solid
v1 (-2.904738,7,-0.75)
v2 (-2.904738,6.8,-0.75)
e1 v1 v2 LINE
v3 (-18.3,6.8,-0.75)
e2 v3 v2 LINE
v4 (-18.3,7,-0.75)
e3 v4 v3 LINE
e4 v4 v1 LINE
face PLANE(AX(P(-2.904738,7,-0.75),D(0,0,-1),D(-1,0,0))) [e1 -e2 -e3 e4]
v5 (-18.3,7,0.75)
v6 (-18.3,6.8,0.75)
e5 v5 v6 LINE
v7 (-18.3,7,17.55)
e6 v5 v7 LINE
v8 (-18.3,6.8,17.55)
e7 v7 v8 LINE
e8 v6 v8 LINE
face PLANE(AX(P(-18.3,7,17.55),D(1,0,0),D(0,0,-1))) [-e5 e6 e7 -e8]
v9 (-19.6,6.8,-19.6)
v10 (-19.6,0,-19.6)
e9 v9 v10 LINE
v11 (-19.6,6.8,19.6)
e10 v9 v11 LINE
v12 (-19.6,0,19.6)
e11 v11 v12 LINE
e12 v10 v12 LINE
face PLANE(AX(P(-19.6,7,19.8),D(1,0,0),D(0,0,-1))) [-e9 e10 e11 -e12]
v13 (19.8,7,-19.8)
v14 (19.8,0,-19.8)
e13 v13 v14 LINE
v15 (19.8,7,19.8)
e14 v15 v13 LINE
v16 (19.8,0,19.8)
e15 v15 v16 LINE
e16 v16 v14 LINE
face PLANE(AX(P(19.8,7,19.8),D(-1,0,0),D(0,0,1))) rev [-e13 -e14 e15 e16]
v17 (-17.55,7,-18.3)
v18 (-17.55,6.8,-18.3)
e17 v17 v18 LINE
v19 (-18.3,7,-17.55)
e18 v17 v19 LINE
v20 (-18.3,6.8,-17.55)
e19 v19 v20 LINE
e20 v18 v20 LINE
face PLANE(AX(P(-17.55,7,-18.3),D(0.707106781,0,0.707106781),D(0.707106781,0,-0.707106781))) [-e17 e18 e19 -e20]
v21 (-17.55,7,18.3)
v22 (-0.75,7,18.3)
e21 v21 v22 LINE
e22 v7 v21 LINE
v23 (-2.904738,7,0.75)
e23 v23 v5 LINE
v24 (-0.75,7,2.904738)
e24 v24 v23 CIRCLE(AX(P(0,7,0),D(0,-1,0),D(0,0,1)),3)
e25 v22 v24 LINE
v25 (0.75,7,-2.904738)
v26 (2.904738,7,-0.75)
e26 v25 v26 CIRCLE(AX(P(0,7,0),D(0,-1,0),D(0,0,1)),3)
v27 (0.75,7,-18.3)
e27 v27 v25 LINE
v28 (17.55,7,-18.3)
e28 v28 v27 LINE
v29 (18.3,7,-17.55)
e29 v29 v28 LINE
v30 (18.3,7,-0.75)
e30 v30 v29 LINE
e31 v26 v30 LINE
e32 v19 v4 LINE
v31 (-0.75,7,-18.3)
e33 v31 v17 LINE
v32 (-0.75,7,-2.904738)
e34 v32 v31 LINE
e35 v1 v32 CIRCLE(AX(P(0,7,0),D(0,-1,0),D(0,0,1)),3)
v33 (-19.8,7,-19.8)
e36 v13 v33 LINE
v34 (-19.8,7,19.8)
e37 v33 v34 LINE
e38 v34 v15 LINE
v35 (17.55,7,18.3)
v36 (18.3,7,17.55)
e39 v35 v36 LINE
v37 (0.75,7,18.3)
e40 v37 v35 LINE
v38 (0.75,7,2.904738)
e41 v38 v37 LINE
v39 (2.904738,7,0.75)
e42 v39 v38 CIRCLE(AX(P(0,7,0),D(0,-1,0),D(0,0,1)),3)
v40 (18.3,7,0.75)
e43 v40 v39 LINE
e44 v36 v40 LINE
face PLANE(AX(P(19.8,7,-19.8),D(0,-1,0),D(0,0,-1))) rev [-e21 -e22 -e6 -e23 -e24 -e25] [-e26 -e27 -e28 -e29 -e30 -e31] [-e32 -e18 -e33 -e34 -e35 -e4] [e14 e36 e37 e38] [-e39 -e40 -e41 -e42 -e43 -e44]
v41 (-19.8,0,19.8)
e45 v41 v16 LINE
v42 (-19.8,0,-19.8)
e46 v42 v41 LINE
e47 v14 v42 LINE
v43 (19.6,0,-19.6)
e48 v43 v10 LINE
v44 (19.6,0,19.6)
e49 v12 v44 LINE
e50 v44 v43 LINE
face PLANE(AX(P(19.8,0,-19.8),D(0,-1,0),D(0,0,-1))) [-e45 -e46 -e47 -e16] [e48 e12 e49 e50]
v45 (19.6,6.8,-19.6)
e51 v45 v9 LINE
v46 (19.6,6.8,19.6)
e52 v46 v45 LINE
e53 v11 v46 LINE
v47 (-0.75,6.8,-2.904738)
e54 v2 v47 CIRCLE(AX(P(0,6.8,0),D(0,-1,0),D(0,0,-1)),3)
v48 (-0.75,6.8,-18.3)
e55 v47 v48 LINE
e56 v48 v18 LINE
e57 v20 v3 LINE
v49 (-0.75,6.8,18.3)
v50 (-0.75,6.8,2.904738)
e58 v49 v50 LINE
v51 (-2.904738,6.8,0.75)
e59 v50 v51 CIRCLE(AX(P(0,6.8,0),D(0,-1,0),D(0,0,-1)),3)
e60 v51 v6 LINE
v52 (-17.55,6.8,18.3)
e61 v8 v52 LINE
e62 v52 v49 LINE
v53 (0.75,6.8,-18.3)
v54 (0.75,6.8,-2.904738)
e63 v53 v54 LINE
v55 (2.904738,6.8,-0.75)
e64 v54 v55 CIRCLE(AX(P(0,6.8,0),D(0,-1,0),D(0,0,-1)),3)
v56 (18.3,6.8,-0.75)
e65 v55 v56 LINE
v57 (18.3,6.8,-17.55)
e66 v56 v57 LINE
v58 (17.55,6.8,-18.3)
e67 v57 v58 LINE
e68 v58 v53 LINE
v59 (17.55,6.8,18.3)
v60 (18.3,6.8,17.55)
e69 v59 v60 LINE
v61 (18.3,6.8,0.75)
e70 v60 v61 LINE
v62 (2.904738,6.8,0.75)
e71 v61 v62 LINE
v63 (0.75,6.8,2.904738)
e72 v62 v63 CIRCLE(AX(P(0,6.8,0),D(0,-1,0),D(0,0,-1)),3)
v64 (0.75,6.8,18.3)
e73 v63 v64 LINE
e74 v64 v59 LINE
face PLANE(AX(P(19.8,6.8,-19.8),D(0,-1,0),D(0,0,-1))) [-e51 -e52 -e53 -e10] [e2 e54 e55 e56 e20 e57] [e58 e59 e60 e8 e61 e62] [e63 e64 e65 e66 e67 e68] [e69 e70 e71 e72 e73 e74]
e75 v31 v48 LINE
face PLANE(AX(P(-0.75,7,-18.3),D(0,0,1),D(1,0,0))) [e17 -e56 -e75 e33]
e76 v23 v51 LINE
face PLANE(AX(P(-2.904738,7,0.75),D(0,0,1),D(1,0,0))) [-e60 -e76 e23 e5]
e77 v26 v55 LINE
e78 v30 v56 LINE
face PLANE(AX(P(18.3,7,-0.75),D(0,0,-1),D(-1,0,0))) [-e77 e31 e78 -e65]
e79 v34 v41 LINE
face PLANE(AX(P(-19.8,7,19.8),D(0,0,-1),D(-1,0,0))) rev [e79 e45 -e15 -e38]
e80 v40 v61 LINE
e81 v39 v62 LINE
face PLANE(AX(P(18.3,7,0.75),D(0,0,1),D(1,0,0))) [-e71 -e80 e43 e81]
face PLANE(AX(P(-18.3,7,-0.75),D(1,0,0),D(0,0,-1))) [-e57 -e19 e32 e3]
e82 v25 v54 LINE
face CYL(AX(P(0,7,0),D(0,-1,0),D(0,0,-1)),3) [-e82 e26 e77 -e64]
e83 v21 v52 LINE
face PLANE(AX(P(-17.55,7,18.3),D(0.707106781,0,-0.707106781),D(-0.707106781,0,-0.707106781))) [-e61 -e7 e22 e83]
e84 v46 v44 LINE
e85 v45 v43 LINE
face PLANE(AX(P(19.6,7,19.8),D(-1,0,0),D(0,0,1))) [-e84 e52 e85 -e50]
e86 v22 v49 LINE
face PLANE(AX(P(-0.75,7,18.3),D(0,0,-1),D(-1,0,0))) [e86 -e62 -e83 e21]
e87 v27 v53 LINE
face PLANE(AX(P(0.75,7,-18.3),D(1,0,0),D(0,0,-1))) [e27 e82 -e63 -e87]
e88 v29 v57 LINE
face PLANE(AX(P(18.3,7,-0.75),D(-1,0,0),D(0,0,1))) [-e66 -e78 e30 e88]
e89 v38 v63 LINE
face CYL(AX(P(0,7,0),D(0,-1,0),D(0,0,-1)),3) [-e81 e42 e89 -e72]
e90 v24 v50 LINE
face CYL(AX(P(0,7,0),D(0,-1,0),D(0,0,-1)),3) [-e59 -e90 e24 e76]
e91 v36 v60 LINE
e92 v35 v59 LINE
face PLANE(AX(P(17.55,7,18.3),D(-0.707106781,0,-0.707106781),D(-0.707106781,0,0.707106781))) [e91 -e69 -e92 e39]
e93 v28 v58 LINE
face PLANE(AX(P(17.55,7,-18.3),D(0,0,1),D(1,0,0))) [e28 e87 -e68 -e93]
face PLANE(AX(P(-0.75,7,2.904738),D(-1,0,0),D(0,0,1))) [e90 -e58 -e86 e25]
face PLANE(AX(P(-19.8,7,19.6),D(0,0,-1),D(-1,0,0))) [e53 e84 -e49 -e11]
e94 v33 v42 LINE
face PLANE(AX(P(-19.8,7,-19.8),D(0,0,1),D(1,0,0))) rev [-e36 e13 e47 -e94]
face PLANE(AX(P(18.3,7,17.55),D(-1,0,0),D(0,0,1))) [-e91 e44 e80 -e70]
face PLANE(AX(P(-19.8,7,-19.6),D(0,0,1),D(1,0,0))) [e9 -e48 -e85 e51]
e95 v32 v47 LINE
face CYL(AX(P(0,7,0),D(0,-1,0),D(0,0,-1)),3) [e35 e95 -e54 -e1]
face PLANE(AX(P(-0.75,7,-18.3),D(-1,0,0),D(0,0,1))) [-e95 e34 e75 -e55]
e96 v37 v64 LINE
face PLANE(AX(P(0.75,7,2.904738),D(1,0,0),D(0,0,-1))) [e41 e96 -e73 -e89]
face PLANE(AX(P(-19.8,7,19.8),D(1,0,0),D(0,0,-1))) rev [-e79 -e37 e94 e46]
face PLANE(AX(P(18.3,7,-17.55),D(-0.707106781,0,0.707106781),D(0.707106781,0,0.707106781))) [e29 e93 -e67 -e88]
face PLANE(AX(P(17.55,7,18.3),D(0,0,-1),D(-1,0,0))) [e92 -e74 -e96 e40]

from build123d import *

# Parameters (mm, degrees)
SKETCH1_W           = 39.6
SKETCH1_H           = 39.6
BOSS_EXTRUDE1_DEPTH = 7
SHELL2_T            = -0.2
CUT_EXTRUDE1_DEPTH  = 8


with BuildPart() as part:
    # Sketch1 → Boss-Extrude1 (new body)
    with BuildSketch(Plane(origin=(0, 0, 0), x_dir=(1, 0, 0), z_dir=(0, 1, 0))):
        Rectangle(SKETCH1_W, SKETCH1_H)
    extrude(amount=BOSS_EXTRUDE1_DEPTH)

    # Shell2
    shell2_openings = [part.faces().sort_by_distance(p)[0] for p in [
        (0, 0, 0),
    ]]
    offset(amount=SHELL2_T, openings=shell2_openings, kind=Kind.INTERSECTION)

    # Sketch2 → Cut-Extrude1 (cut, through all)
    with BuildSketch(Plane(origin=(0, 0, 0), x_dir=(1, 0, 0), z_dir=(0, 1, 0))):
        with BuildLine():
            Line((17.55, -18.3), (0.75, -18.3))
            Line((0.75, -18.3), (0.75, -2.90473751))
            ThreePointArc((0.75, -2.90473751), (2.121320344, -2.121320344), (2.90473751, -0.75))
            Line((2.90473751, -0.75), (18.3, -0.75))
            Line((18.3, -0.75), (18.3, -17.55))
            Line((18.3, -17.55), (17.55, -18.3))
        make_face()
        with BuildLine():
            Line((17.55, 18.3), (0.75, 18.3))
            Line((0.75, 18.3), (0.75, 2.90473751))
            ThreePointArc((0.75, 2.90473751), (2.121320344, 2.121320344), (2.90473751, 0.75))
            Line((2.90473751, 0.75), (18.3, 0.75))
            Line((18.3, 0.75), (18.3, 17.55))
            Line((18.3, 17.55), (17.55, 18.3))
        make_face()
        with BuildLine():
            Line((-18.3, -17.55), (-18.3, -0.75))
            Line((-18.3, -0.75), (-2.90473751, -0.75))
            ThreePointArc((-2.90473751, -0.75), (-2.121320344, -2.121320344), (-0.75, -2.90473751))
            Line((-0.75, -2.90473751), (-0.75, -18.3))
            Line((-0.75, -18.3), (-17.55, -18.3))
            Line((-17.55, -18.3), (-18.3, -17.55))
        make_face()
        with BuildLine():
            Line((-0.75, 18.3), (-0.75, 2.90473751))
            ThreePointArc((-0.75, 2.90473751), (-2.121320344, 2.121320344), (-2.90473751, 0.75))
            Line((-2.90473751, 0.75), (-18.3, 0.75))
            Line((-18.3, 0.75), (-18.3, 17.55))
            Line((-18.3, 17.55), (-17.55, 18.3))
            Line((-17.55, 18.3), (-0.75, 18.3))
        make_face()
    extrude(amount=CUT_EXTRUDE1_DEPTH, mode=Mode.SUBTRACT)


solid = part.part
